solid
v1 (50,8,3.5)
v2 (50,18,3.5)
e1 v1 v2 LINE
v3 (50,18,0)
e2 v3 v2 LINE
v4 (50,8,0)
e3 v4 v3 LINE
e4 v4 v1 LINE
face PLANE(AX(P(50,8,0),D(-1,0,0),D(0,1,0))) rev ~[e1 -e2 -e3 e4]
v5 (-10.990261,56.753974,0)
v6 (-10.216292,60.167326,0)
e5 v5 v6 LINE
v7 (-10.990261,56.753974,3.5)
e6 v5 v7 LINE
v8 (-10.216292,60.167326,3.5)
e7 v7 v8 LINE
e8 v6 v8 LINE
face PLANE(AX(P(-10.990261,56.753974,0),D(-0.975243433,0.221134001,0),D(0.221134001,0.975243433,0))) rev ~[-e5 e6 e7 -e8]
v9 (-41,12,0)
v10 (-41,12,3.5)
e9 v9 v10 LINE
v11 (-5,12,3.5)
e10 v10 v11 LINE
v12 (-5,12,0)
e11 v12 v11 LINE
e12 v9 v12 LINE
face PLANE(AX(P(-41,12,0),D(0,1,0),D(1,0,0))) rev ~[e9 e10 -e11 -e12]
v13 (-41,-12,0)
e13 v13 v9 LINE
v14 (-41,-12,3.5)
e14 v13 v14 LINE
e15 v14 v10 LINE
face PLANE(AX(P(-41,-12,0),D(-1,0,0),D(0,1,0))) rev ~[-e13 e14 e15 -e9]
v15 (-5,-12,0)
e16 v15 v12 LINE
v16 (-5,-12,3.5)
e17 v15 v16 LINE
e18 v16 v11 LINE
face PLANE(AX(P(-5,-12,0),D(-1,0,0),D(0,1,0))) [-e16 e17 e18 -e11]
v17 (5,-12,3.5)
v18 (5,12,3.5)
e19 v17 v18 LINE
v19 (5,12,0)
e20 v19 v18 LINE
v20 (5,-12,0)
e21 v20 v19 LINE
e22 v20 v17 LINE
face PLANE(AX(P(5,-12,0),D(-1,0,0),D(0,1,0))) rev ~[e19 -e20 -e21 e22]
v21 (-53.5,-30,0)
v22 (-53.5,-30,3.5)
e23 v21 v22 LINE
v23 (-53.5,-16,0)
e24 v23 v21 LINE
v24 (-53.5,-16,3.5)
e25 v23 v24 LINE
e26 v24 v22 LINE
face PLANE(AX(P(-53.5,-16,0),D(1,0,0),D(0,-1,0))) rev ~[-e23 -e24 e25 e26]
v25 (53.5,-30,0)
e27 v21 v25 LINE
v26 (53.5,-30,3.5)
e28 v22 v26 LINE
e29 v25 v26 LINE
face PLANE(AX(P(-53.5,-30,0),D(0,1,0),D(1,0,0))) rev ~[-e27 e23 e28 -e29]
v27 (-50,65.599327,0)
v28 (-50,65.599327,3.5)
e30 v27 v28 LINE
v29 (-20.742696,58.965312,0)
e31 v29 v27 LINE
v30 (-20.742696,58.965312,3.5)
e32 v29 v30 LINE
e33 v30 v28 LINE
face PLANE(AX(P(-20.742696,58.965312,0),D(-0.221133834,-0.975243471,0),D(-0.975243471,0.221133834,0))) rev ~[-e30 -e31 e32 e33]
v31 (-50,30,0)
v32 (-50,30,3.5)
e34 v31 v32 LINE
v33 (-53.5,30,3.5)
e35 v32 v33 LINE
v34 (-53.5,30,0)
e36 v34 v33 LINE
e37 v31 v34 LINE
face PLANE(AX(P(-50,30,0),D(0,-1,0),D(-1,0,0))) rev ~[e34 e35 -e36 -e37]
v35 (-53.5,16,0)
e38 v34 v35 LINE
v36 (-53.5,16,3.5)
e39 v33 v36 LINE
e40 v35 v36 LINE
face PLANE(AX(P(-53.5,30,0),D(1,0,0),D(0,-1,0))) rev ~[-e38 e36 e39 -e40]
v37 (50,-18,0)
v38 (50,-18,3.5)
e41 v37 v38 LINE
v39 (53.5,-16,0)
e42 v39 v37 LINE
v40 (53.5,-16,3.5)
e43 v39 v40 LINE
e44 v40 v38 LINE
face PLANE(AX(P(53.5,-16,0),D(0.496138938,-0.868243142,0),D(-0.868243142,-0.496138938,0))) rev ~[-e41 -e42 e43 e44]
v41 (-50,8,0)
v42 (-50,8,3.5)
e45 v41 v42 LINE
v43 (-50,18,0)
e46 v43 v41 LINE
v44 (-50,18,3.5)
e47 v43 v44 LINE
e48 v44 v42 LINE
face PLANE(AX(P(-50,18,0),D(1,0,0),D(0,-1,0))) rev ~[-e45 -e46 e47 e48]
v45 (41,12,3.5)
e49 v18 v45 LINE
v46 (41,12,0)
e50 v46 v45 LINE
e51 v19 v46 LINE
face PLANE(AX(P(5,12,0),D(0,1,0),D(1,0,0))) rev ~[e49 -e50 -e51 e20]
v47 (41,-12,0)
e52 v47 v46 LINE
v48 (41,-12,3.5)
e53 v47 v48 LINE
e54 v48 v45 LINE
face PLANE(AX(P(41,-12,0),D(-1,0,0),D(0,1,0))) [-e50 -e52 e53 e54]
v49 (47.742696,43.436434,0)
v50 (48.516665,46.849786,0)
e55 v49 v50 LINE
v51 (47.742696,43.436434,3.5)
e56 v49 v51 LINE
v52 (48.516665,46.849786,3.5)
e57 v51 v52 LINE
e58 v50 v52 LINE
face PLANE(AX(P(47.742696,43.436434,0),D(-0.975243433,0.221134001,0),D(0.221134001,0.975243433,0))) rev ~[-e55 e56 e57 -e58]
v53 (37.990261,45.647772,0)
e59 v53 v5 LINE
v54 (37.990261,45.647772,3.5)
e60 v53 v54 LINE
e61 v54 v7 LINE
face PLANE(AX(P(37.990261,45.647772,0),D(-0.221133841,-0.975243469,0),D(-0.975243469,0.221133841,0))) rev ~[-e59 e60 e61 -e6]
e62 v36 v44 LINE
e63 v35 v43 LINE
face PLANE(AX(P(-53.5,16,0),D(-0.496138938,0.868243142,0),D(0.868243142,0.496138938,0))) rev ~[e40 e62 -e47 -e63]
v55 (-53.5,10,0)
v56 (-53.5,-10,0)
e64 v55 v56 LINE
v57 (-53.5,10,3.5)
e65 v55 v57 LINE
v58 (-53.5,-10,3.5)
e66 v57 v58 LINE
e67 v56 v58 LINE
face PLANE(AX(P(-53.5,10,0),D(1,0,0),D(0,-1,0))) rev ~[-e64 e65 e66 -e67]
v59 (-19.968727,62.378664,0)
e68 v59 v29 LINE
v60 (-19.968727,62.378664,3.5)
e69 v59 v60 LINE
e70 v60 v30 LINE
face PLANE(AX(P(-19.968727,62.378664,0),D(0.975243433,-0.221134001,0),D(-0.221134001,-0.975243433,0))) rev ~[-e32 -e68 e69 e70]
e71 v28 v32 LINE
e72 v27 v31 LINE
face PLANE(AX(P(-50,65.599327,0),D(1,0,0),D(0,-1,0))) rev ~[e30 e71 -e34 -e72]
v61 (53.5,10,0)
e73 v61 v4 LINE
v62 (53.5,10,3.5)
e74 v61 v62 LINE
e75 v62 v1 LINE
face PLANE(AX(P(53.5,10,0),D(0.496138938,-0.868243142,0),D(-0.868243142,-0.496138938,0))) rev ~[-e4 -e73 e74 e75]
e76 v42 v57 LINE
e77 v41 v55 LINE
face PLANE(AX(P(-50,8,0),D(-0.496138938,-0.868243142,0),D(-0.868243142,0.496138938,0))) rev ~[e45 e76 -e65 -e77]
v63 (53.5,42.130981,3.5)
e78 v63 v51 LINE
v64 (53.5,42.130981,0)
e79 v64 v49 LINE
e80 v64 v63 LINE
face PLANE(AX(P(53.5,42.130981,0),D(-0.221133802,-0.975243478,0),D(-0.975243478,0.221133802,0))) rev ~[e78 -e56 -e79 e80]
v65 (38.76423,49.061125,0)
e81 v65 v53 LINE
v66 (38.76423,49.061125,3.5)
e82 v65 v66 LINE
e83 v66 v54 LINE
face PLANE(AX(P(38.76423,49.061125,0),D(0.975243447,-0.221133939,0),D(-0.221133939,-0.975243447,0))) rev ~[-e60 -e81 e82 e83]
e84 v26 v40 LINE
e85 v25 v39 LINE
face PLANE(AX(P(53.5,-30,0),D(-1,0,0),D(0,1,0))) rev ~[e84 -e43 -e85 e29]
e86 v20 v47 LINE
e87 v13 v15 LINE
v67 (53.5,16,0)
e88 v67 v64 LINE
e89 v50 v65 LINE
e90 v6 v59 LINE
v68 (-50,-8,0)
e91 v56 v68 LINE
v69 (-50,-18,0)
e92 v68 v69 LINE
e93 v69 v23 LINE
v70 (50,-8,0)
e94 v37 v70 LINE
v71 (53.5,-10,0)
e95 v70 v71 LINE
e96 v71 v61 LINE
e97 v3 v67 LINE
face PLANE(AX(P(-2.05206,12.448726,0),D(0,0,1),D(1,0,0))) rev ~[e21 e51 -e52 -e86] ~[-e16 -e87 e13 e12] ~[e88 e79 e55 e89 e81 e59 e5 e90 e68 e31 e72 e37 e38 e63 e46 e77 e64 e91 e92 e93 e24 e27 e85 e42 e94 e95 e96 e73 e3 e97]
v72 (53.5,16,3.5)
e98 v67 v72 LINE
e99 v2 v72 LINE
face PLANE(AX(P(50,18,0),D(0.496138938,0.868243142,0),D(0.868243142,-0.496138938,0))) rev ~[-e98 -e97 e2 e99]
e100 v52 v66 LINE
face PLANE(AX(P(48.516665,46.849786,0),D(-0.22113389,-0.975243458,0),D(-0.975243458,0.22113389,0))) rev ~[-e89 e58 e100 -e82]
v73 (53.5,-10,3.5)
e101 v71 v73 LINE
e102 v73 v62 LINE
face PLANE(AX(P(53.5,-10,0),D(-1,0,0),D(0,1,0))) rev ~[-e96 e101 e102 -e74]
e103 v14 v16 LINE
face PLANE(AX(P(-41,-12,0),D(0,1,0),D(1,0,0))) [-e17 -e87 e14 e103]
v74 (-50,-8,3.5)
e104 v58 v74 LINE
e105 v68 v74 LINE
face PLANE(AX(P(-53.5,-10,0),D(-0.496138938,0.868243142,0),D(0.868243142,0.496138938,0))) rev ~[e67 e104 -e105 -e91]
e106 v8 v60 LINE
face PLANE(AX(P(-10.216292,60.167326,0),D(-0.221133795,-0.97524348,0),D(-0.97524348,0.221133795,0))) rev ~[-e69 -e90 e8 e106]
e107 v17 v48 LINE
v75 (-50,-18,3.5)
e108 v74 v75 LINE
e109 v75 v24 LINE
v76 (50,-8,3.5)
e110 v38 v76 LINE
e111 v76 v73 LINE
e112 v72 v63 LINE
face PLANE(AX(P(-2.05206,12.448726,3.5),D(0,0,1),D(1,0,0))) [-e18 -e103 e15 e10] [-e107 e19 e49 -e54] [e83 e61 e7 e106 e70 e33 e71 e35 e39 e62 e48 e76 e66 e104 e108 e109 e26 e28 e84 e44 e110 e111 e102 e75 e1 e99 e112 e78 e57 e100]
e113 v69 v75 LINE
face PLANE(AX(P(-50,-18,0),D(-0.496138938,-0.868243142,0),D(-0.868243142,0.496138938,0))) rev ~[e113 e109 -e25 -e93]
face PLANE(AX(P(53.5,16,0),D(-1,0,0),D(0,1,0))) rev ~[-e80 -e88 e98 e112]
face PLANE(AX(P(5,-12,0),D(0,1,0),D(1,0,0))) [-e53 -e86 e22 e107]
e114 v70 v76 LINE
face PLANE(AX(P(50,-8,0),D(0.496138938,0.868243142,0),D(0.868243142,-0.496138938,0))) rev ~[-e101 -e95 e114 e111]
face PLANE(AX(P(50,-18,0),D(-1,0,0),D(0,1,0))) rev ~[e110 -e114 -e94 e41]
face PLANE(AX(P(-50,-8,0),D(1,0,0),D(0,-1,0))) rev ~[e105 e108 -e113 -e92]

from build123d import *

# Parameters (mm, degrees)
F0_W     = 36
F0_H     = 24
F1_DEPTH = 3.5


with BuildPart() as f1:
    # F0 (on Top) → F1 (new body)
    with BuildSketch(Plane.XY):
        Polygon((-41, -30), (53.5, -30), (53.5, -16), (50, -18), (50, -13), (50, -8), (53.5, -10), (53.5, 10), (50, 8), (50, 13), (50, 18), (53.5, 16), (53.5, 30), (53.5, 42.130981), (47.742696, 43.436434), (48.516665, 46.849786), (38.76423, 49.061125), (37.990261, 45.647772), (-10.990261, 56.753974), (-10.216292, 60.167326), (-19.968727, 62.378664), (-20.742696, 58.965312), (-50, 65.599327), (-50, 30), (-53.5, 30), (-53.5, 16), (-50, 18), (-50, 13), (-50, 8), (-53.5, 10), (-53.5, -10), (-50, -8), (-50, -13), (-50, -18), (-53.5, -16), (-53.5, -30), (-50, -30), align=None)
        with Locations((-23, 0)):
            Rectangle(F0_W, F0_H, mode=Mode.SUBTRACT)
        with Locations((23, 0)):
            Rectangle(F0_W, F0_H, mode=Mode.SUBTRACT)
    extrude(amount=F1_DEPTH)


solid = f1.part
